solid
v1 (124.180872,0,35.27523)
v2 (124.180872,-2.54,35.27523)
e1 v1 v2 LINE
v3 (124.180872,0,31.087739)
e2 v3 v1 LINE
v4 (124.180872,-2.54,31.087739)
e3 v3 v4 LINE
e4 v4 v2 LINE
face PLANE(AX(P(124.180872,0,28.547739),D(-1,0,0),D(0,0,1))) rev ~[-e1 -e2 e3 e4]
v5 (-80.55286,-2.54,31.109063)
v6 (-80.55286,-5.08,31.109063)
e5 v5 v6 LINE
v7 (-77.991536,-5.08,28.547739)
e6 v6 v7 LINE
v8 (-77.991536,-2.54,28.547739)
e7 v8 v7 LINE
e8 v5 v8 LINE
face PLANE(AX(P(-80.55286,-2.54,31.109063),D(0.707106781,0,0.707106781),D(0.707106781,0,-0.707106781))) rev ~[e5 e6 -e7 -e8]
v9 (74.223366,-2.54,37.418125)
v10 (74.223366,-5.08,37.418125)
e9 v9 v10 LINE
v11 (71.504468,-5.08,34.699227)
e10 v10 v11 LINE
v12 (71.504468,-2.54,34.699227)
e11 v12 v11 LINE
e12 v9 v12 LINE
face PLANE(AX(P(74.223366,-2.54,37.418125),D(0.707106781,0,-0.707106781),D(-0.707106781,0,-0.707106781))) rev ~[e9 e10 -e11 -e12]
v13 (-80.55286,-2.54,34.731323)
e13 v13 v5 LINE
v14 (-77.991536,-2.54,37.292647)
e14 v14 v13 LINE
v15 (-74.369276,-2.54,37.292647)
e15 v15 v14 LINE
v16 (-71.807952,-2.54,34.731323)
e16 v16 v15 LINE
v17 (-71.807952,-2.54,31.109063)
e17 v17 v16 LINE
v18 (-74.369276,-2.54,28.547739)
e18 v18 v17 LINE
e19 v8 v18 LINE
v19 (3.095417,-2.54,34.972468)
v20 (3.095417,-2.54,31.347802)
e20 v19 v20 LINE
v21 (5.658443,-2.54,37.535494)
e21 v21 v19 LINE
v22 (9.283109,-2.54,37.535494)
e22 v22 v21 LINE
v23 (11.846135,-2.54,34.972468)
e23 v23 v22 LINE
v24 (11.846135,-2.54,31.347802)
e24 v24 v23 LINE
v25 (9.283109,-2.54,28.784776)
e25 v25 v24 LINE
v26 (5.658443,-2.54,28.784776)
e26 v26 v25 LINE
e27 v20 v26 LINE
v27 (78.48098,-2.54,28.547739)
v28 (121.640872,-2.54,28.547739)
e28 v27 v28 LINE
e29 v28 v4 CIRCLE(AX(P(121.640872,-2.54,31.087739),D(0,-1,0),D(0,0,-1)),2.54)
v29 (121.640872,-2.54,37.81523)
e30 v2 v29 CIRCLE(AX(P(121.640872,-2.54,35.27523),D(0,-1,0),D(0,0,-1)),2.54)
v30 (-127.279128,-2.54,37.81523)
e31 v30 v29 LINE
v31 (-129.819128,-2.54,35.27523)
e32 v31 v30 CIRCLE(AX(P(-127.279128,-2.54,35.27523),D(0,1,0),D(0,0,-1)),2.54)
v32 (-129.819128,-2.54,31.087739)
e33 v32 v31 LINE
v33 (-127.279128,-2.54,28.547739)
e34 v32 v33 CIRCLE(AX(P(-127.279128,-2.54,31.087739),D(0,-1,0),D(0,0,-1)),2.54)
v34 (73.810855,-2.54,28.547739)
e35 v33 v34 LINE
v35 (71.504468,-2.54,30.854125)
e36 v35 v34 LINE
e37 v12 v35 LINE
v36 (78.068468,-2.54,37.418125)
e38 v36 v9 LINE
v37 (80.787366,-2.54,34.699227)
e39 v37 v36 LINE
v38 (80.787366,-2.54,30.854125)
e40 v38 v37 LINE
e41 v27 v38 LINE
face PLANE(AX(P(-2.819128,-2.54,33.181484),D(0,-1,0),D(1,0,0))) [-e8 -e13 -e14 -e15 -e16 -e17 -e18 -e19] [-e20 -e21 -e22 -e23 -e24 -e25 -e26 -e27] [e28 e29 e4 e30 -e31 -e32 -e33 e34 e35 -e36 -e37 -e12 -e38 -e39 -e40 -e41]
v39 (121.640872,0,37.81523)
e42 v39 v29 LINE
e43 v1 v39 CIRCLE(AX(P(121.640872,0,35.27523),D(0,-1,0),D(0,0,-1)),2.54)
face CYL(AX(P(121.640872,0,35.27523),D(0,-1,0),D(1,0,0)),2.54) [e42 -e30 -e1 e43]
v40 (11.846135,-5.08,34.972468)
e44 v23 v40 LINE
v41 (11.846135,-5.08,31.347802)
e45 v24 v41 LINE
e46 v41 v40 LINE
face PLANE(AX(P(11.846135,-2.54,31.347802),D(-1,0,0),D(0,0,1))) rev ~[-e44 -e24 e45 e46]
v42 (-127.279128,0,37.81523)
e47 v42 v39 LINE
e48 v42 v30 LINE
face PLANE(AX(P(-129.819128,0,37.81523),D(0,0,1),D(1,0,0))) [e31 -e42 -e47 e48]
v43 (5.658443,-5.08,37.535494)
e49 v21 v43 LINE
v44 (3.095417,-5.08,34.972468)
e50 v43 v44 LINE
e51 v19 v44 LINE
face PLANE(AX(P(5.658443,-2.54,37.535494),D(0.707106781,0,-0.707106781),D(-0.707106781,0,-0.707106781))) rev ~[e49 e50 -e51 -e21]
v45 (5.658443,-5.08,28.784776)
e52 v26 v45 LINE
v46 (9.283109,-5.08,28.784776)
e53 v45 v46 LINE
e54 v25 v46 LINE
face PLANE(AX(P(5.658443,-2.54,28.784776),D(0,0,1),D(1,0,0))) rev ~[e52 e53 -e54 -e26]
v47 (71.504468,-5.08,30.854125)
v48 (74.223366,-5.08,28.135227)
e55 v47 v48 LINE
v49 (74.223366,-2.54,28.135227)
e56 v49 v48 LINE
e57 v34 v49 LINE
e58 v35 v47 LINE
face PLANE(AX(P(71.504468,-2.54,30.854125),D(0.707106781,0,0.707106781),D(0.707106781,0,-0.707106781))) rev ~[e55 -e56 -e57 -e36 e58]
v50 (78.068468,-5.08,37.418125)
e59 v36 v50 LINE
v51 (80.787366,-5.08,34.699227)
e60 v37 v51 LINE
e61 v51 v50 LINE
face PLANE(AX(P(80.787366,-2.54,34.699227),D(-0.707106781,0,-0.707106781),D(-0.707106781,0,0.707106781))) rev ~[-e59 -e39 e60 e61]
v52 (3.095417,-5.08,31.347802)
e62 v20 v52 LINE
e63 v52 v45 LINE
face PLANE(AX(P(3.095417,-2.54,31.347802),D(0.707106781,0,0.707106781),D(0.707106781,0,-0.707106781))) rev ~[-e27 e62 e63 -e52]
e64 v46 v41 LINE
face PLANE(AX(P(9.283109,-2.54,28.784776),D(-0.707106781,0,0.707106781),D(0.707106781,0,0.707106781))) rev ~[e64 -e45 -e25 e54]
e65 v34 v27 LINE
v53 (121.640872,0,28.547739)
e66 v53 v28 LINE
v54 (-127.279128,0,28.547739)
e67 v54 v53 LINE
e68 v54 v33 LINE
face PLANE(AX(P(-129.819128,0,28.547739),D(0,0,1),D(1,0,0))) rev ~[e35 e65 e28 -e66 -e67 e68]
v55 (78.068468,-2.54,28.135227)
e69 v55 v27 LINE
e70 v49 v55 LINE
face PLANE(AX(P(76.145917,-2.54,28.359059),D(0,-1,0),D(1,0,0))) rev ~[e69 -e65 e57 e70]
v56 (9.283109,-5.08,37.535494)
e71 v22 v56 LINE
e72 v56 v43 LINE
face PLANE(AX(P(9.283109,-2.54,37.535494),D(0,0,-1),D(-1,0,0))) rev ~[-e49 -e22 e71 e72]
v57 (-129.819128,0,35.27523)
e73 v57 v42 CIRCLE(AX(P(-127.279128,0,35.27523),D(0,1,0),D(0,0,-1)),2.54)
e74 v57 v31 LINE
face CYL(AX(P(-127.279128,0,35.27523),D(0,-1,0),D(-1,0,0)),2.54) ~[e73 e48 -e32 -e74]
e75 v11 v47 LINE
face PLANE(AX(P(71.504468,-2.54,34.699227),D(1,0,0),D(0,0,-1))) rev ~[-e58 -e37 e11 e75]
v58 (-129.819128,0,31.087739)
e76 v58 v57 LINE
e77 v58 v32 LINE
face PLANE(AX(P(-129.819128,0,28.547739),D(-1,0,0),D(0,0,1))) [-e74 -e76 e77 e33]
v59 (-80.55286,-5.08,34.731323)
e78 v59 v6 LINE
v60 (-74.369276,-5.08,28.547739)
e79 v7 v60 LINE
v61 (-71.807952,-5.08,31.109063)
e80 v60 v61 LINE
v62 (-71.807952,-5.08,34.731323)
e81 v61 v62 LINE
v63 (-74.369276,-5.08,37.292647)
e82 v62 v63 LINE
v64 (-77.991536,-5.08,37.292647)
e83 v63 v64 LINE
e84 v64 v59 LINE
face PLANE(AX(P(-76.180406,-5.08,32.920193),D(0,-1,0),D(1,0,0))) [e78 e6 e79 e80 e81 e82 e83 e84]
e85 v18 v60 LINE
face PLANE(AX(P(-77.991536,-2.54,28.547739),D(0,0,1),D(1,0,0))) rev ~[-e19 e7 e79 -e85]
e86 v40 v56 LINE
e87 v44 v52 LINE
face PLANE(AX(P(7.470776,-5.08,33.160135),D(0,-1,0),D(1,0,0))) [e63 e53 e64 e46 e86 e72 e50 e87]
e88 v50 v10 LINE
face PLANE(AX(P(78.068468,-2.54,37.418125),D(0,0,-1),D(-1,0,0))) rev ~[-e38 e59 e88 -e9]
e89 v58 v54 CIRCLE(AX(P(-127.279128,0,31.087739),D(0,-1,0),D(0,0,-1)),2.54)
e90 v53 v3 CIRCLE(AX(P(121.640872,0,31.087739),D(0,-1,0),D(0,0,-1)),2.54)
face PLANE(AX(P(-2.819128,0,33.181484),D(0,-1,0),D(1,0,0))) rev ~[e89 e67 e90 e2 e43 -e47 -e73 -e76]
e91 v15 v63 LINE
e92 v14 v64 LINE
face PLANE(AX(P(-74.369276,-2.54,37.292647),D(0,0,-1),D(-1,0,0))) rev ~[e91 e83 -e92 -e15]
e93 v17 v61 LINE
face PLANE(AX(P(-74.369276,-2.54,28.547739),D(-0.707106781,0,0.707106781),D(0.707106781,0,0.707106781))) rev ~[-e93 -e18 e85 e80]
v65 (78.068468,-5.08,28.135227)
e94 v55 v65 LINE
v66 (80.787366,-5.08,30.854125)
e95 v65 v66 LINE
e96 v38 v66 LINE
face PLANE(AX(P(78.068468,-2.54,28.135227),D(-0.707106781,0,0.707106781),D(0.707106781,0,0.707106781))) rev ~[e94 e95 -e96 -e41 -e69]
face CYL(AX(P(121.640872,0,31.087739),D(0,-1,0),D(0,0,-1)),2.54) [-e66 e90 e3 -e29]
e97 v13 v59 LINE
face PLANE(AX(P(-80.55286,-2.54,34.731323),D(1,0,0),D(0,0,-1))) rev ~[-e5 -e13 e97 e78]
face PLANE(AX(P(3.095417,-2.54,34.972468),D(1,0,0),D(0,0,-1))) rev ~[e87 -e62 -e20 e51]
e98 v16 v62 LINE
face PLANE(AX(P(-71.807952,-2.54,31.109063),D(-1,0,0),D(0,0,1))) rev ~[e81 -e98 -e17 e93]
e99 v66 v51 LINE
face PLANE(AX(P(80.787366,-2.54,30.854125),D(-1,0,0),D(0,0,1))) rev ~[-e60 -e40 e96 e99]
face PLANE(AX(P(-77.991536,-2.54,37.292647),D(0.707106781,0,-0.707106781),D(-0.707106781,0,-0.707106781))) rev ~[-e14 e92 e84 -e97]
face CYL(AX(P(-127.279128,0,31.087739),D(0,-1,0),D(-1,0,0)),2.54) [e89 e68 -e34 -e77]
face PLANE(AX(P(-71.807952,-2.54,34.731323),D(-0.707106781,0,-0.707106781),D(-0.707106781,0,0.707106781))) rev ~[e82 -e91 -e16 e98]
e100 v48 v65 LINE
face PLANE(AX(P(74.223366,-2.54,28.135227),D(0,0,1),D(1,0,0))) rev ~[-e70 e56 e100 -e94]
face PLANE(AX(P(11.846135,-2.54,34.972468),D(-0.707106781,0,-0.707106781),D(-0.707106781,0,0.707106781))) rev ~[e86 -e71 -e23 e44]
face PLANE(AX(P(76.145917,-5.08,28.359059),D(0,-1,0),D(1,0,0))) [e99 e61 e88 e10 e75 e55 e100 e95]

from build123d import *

# Parameters (mm, degrees)
F0_W     = 254
F0_H     = 9.267491
F1_DEPTH = 2.54
F2_R     = 2.54
F6_DEPTH = 2.54


with BuildPart() as f1:
    # F0 (on Front) → F1 (new body)
    with BuildSketch(Plane.XZ):
        with Locations((-2.819128, 33.181484)):
            Rectangle(F0_W, F0_H)
    extrude(amount=F1_DEPTH)

    # F2
    f2_edges = [f1.edges().sort_by_distance(p)[0] for p in [
        (124.180872, -1.27, 37.81523),
        (124.180872, -1.27, 28.547739),
        (-129.819128, -1.27, 37.81523),
        (-129.819128, -1.27, 28.547739),
    ]]
    fillet(f2_edges, radius=F2_R)

    # F3 (on face) + F4 (on face) + F5 (on face) → F6 (join)
    with BuildSketch(Plane.XZ.offset(2.54)):
        Polygon((-77.991536, 28.547739), (-74.369276, 28.547739), (-71.807952, 31.109063), (-71.807952, 34.731323), (-74.369276, 37.292647), (-77.991536, 37.292647), (-80.55286, 34.731323), (-80.55286, 31.109063), align=None)
    with BuildSketch(Plane.XZ.offset(2.54)):
        Polygon((5.658443, 28.784776), (9.283109, 28.784776), (11.846135, 31.347802), (11.846135, 34.972468), (9.283109, 37.535494), (5.658443, 37.535494), (3.095417, 34.972468), (3.095417, 31.347802), align=None)
    with BuildSketch(Plane.XZ.offset(2.54)):
        Polygon((74.223366, 28.135227), (78.068468, 28.135227), (78.48098, 28.547739), (73.810854, 28.547739), align=None)
        Polygon((73.810854, 28.547739), (78.48098, 28.547739), (80.787366, 30.854125), (80.787366, 34.699227), (78.068468, 37.418125), (74.223366, 37.418125), (71.504468, 34.699227), (71.504468, 30.854125), align=None)
    extrude(amount=F6_DEPTH)


solid = f1.part
